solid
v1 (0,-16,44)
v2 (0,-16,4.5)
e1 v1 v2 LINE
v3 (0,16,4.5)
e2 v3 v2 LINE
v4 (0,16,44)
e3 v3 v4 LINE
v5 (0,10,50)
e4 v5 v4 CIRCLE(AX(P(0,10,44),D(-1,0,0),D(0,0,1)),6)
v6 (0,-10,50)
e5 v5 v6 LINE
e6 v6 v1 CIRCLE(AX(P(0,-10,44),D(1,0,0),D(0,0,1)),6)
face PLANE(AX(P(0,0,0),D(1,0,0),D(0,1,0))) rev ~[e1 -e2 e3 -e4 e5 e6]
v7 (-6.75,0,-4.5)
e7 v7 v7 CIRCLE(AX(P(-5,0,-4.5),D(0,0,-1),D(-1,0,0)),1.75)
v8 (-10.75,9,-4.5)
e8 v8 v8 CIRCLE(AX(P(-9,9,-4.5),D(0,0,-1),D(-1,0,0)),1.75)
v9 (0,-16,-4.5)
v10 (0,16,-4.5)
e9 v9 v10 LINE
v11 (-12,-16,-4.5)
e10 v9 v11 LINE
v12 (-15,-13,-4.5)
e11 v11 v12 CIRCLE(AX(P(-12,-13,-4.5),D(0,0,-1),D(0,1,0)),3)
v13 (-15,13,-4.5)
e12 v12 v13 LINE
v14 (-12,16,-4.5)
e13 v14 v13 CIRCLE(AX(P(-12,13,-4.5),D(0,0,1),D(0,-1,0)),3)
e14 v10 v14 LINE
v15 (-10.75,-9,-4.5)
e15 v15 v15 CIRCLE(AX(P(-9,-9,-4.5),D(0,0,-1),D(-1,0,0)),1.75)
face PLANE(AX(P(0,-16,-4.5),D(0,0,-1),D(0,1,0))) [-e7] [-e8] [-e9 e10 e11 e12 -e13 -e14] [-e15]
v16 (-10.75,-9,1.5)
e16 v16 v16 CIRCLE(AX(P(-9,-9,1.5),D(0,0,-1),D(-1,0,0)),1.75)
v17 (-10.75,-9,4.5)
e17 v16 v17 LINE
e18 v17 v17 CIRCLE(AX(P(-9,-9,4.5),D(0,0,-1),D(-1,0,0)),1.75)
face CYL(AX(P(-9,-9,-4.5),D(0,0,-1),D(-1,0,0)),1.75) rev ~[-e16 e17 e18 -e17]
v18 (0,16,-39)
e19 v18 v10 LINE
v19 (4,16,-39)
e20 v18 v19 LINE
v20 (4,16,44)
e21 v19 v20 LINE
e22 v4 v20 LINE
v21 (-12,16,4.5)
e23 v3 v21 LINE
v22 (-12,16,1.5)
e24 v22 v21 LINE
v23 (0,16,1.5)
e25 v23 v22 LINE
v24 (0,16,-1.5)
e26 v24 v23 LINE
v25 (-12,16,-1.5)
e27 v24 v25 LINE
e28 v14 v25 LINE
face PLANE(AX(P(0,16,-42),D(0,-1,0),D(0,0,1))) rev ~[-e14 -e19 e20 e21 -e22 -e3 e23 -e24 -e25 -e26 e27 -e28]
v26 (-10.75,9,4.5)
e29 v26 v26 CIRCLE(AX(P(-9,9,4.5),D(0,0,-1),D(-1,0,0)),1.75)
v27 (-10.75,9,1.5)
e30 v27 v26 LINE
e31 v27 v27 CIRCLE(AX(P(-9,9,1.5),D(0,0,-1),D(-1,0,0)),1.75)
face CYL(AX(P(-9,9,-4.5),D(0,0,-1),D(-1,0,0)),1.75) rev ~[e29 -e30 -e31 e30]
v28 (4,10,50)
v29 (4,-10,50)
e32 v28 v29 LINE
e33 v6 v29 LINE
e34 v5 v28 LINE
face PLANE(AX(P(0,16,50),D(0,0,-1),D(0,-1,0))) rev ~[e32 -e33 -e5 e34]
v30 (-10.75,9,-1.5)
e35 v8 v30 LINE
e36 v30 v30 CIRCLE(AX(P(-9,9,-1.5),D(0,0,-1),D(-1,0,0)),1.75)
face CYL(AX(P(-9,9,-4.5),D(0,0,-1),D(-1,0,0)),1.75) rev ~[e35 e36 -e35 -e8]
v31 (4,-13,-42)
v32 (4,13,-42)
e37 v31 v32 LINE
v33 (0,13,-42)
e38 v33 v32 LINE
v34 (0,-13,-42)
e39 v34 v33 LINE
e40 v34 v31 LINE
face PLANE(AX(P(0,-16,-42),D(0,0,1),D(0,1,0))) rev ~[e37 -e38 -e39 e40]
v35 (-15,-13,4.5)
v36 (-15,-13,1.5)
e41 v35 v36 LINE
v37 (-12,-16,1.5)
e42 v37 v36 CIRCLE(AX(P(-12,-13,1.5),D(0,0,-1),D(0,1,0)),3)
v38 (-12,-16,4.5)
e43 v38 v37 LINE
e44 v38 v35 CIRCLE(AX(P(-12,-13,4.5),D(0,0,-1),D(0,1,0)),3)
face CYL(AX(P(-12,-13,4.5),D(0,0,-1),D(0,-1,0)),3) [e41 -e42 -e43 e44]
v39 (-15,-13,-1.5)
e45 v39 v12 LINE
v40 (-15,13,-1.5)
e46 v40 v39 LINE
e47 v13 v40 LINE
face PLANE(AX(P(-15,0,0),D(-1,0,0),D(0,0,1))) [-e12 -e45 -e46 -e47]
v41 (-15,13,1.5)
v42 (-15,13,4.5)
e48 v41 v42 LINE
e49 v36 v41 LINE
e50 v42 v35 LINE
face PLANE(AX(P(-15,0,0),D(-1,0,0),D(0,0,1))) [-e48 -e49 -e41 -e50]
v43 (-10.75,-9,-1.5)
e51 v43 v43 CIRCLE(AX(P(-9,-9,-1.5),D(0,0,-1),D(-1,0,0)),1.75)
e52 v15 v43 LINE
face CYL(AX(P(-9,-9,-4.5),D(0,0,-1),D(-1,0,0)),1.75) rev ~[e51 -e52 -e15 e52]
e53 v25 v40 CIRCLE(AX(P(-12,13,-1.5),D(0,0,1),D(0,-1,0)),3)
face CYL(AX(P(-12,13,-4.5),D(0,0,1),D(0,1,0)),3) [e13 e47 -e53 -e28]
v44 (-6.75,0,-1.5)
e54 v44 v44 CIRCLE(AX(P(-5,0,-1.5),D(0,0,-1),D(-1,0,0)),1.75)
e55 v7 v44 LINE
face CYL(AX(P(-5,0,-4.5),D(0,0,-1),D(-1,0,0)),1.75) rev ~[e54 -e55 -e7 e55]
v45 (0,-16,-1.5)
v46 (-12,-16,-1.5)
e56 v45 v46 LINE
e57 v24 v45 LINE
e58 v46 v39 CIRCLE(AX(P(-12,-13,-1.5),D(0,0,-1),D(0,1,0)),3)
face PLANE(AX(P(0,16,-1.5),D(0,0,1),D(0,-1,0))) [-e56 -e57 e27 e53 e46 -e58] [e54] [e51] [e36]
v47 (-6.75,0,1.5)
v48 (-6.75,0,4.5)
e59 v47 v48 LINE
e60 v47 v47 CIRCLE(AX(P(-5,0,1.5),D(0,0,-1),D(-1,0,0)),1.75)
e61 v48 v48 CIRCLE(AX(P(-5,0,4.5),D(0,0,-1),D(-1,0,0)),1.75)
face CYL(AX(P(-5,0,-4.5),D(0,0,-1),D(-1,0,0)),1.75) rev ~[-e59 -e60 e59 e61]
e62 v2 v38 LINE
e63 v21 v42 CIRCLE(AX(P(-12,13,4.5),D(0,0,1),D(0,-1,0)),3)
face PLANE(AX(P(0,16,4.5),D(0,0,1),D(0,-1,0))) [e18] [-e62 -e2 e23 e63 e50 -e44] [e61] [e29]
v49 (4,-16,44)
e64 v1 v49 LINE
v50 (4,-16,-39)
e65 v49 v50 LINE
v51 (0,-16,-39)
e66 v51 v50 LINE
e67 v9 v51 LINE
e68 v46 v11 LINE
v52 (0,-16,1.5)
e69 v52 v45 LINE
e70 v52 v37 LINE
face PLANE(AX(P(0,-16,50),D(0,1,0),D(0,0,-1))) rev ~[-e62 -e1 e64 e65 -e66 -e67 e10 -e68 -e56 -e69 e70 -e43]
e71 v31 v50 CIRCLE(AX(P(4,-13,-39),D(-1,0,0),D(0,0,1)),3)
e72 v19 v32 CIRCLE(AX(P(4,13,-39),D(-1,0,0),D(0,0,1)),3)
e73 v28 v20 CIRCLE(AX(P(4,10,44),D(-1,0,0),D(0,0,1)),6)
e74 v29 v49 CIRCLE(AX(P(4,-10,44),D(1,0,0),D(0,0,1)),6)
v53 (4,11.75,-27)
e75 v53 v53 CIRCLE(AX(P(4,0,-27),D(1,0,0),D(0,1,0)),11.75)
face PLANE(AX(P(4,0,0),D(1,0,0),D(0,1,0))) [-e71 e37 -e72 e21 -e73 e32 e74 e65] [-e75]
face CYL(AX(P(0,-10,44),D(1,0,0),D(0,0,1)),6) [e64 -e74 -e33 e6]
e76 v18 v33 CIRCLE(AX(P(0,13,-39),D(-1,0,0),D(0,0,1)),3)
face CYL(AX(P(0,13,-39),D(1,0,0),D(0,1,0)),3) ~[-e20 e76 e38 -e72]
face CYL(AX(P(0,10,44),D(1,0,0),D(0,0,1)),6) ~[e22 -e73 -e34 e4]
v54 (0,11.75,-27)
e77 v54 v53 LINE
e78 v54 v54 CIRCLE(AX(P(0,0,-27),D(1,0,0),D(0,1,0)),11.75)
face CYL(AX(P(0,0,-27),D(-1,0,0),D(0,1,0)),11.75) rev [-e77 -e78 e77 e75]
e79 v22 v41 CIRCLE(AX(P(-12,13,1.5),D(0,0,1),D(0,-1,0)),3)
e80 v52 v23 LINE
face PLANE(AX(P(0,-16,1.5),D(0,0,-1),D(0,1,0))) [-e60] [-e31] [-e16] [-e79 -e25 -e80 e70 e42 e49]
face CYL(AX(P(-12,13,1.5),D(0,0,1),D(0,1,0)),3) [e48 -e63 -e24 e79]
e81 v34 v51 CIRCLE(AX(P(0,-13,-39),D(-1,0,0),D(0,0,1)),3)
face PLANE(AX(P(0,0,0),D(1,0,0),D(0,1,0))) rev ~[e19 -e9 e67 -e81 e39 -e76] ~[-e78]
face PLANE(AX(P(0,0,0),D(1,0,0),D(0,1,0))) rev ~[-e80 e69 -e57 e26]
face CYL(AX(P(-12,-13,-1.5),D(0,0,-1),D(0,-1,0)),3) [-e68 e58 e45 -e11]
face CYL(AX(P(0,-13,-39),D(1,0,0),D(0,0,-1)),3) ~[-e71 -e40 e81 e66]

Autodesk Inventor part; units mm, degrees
ref_plane "YZ Plane" through (0, 0, 0) normal (1, 0, 0) x (0, 1, 0)
ref_plane "XZ Plane" through (0, 0, 0) normal (0, 1, 0) x (-1, 0, 0)
ref_plane "XY Plane" through (0, 0, 0) normal (0, 0, 1) x (1, 0, 0)
sketch "Sketch1" plane through (0, 0, 0) normal (1, 0, 0) x (0, 1, 0)
  line L0 (16, 50) -> (-16, 50)
  line L1 (-16, 50) -> (-16, -42)
  line L2 (-16, -42) -> (16, -42)
  line L3 (16, -42) -> (16, 50)
  circle A0 centre (0, -27) radius 11.75
  line L4 (0, 0) -> (0, -82.2599) construction
  dimension "d0" = 23.5
  dimension "d1" = 27
  dimension "d2" = 50
  dimension "d3" = 32
  dimension "d5" = 42
extrude "Extrusion1" add sketch "Sketch1" along normal blind 4
fillet "Fillet1" radius 3 2 edges at (2, -16, -42) (2, 16, -42)
fillet "Fillet2" radius 6 1 edges at (2, -16, 50)
fillet "Fillet3" radius 6 1 edges at (2, 16, 50)
sketch "Sketch2" plane through (0, 0, 0) normal (-1, 0, 0) x (0, 0, 1)
  line L0 (44, -16) -> (-39, -16) projected
  line L1 (-39, 16) -> (44, 16) projected
  line L2 (-1.5, -16) -> (-4.5, -16)
  line L3 (-4.5, -16) -> (-4.5, 16)
  line L4 (-4.5, 16) -> (-1.5, 16)
  line L5 (-1.5, 16) -> (-1.5, -16)
  line L6 (1.5, 16) -> (4.5, 16)
  line L7 (4.5, 16) -> (4.5, -16)
  line L8 (4.5, -16) -> (1.5, -16)
  line L9 (1.5, -16) -> (1.5, 16)
  line L10 (0, -16) -> (0, 16) construction
  point P0 (0, 0)
  point P1 (-1.5, 16)
  point P2 (1.5, 16)
  point P3 (1.5, -16)
  point P4 (4.5, -16)
  dimension "d11" = 3
  dimension "d12" = 3
  dimension "d13" = 3
extrude "Extrusion2" add sketch "Sketch2" along normal blind 15 contours L0 L9 L1 L7 | L0 L3 L1 L5
fillet "Fillet4" radius 3 4 edges at (-15, -16, 3) (-15, -16, -3) (-15, 16, 3) (-15, 16, -3)
sketch "Sketch3" plane through (0, -16, -4.5) normal (0, 0, -1) x (-1, 0, 0)
  circle A0 centre (9, 7) radius 1.75
  circle A1 centre (9, 25) radius 1.75
  line L0 (0, 0) -> (12, 0) projected
  line L1 (0, 32) -> (12, 32) projected
  line L2 (15, 29) -> (15, 3) projected
  circle A2 centre (5, 16) radius 1.75
  point P0 (0, 16)
  dimension "d17" = 3.5
  dimension "d18" = 3.5
  dimension "d19" = 7
  dimension "d20" = 7
  dimension "d21" = 6
  dimension "d22" = 6
  dimension "d23" = 16
  dimension "d24" = 10
  dimension "d25" = 3.5
extrude "Extrusion3" cut sketch "Sketch3" against normal blind 15
properties part number "POUPLY_P5_V2"
